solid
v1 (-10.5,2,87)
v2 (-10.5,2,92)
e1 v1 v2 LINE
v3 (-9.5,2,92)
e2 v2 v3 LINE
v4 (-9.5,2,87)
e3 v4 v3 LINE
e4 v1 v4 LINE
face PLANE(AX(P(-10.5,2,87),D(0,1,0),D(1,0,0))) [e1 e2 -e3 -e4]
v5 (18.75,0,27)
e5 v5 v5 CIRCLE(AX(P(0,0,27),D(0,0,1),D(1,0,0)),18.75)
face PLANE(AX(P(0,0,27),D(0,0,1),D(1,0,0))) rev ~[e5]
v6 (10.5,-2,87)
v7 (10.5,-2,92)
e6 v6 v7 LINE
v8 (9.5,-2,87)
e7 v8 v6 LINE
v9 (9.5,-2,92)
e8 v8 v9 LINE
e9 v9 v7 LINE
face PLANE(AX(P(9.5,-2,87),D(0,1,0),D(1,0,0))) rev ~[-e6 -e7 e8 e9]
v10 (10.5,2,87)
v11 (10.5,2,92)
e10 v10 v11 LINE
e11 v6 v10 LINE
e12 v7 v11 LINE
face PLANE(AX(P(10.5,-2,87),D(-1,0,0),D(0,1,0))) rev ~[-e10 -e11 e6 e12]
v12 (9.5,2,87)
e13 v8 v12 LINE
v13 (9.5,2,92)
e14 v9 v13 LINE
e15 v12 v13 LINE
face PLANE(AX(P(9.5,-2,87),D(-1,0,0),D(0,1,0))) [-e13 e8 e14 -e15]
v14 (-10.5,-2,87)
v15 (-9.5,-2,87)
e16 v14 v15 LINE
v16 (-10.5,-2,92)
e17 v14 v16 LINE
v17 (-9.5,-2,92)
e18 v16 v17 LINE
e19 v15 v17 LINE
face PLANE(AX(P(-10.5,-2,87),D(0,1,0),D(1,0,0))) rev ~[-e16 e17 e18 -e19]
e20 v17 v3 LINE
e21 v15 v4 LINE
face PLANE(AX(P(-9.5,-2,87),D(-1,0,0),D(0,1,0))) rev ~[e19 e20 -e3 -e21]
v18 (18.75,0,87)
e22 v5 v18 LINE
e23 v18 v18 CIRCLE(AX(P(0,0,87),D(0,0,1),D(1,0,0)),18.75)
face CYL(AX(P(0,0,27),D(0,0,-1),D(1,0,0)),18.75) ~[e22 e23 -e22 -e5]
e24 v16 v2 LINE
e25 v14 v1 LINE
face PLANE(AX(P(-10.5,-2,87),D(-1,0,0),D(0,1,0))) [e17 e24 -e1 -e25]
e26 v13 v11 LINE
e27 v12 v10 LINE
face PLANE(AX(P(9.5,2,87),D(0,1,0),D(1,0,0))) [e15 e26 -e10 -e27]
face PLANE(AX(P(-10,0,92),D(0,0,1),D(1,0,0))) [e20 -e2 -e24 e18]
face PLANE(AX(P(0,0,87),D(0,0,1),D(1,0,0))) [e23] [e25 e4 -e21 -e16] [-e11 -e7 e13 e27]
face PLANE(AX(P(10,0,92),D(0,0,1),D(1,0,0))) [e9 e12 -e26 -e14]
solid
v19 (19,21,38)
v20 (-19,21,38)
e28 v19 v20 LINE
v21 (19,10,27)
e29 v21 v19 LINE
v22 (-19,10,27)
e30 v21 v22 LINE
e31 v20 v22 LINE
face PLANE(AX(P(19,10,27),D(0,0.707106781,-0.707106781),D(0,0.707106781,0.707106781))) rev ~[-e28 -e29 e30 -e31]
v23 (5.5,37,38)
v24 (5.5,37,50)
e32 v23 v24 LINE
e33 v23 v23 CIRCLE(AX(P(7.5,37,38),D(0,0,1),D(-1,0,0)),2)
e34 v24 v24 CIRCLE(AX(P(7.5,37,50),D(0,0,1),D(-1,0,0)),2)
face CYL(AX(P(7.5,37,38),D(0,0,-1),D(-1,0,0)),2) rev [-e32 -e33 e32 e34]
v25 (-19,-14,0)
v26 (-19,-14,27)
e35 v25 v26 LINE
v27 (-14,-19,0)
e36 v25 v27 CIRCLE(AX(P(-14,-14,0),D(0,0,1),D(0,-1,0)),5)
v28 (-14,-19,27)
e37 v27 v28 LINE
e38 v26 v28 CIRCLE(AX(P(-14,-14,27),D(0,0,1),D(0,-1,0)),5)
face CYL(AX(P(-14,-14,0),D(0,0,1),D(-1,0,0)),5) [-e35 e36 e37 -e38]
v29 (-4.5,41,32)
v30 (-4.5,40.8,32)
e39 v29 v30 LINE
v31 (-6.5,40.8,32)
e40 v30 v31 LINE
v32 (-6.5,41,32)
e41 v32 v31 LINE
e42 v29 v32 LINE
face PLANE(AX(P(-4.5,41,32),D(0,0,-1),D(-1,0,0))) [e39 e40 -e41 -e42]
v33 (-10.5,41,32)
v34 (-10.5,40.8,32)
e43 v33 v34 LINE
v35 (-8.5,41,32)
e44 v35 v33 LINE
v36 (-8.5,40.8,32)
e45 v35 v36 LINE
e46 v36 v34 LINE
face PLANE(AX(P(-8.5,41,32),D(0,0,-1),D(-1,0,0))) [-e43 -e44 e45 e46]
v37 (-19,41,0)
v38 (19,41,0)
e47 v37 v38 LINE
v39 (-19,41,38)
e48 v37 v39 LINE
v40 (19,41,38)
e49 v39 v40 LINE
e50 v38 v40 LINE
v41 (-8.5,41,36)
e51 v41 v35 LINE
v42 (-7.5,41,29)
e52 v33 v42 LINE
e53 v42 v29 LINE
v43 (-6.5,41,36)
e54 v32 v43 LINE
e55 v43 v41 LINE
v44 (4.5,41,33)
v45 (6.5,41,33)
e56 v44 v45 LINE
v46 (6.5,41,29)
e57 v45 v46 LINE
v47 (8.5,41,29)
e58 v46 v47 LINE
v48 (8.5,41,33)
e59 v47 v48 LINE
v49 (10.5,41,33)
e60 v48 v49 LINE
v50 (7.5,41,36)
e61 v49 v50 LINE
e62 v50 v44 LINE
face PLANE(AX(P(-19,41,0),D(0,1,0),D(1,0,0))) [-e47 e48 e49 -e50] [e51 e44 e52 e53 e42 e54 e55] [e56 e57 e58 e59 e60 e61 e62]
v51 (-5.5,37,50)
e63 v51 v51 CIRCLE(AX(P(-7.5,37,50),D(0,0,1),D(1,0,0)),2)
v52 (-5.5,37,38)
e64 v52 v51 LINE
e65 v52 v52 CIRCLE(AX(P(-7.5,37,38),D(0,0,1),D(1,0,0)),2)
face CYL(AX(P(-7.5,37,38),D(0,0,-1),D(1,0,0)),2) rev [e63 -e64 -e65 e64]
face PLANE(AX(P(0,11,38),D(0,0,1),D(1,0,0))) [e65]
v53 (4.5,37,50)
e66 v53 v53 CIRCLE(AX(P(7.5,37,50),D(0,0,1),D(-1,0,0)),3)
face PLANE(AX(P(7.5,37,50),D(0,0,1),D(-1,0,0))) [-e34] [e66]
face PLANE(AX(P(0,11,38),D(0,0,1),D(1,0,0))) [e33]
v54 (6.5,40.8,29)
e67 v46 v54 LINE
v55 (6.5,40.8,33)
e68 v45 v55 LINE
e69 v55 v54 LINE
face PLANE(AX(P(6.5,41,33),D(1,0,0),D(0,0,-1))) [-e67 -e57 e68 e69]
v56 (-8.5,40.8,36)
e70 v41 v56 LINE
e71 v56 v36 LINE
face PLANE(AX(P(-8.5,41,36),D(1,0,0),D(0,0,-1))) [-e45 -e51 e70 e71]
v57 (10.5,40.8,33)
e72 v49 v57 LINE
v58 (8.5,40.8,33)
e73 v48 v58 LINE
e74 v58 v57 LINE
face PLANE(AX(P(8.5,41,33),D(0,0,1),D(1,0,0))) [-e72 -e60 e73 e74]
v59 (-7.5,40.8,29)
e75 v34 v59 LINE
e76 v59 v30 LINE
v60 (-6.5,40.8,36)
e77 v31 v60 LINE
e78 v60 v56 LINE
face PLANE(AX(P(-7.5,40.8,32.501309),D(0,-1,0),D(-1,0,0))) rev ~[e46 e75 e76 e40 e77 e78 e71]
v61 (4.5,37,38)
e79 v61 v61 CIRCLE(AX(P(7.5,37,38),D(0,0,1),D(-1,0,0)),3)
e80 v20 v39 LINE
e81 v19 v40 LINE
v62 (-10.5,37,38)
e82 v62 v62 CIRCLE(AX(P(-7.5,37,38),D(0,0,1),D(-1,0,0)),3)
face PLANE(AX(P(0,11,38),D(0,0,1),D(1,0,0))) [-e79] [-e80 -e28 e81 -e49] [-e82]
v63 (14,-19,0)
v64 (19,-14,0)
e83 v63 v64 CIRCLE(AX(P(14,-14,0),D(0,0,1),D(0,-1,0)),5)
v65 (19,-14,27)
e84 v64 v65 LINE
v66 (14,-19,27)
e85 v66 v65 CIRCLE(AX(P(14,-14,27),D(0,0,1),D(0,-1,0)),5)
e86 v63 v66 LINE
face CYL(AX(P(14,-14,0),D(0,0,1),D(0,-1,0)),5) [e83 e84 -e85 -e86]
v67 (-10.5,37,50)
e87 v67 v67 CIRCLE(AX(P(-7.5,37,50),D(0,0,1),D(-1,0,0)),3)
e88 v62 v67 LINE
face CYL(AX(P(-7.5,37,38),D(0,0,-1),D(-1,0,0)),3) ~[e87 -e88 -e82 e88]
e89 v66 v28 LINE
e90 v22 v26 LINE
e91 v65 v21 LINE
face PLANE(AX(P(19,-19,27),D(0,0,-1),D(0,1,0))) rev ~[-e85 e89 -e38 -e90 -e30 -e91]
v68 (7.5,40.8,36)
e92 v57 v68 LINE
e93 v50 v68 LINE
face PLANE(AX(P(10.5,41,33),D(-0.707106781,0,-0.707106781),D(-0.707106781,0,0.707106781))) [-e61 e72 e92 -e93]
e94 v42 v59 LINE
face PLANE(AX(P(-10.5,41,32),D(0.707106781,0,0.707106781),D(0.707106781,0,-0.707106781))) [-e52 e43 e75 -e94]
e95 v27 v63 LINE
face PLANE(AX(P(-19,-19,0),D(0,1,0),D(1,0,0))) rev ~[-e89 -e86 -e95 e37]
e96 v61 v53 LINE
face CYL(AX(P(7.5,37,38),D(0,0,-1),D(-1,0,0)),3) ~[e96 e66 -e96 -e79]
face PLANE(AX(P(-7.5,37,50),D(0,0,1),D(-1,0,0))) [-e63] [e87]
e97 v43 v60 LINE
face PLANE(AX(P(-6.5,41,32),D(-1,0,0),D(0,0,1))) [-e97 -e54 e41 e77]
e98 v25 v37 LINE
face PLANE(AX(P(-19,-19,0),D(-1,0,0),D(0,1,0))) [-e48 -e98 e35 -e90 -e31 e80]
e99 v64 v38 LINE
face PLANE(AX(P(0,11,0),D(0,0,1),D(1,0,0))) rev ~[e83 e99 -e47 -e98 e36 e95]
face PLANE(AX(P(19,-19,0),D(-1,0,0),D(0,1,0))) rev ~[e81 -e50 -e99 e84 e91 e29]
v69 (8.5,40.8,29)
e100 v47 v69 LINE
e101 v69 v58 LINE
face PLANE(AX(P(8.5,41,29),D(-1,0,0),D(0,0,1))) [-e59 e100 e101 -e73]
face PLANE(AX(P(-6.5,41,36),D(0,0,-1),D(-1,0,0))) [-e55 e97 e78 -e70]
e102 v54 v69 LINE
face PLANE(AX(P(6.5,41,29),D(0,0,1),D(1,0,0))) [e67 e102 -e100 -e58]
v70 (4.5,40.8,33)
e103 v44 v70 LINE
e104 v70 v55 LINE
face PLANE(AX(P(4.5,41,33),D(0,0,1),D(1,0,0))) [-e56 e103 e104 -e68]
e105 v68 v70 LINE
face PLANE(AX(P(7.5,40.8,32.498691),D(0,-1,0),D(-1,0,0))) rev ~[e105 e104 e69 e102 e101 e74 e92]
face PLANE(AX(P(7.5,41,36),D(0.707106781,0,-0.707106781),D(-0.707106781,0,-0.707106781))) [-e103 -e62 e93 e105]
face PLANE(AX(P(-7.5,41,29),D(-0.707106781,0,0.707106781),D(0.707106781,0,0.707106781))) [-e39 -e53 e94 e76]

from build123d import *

# Parameters (mm, degrees)
SKETCH1_W      = 38
SKETCH1_H      = 60
EXTRUDE1_DEPTH = 38
EXTRUDE2_DEPTH = 68.594378464
FILLET1_R      = 5
SKETCH3_R      = 18.75
EXTRUDE3_DEPTH = 60
SKETCH4_R      = 3
SKETCH4_R_2    = 2
EXTRUDE4_DEPTH = 12
EXTRUDE5_DEPTH = 0.2
SKETCH6_W      = 1
SKETCH6_H      = 4
EXTRUDE6_DEPTH = 5


with BuildPart() as part:
    # Sketch1 → Extrude1 (new body)
    with BuildSketch(Plane.XY):
        with Locations((0, 11)):
            Rectangle(SKETCH1_W, SKETCH1_H)
    extrude(amount=EXTRUDE1_DEPTH)

    # Sketch2 → Extrude2 (cut, through all)
    with BuildSketch(Plane(origin=(19, 0, 0), x_dir=(0, 0, -1), z_dir=(1, 0, 0))):
        Polygon((-38, -19), (-27, -19), (-27, 10), (-38, 21), align=None)
    extrude(amount=-EXTRUDE2_DEPTH, mode=Mode.SUBTRACT)

    # Fillet1
    fillet1_edges = [part.edges().sort_by_distance(p)[0] for p in [
        (-19, -19, 13.5),
        (19, -19, 13.5),
    ]]
    fillet(fillet1_edges, radius=FILLET1_R)

    # Sketch4 → Extrude4 (add)
    # profile 1 of 2: a face of its own
    with BuildSketch(Plane.XY.offset(38)):
        with Locations(Location((-7.5, 37, 0), (0, 0, 180))):
            Circle(SKETCH4_R)
        with Locations((-7.5, 37)):
            Circle(SKETCH4_R_2, mode=Mode.SUBTRACT)
    # profile 2 of 2: a face of its own
    with BuildSketch(Plane.XY.offset(38)):
        with Locations(Location((7.5, 37, 0), (0, 0, 180))):
            Circle(SKETCH4_R)
        with Locations(Location((7.5, 37, 0), (0, 0, 180))):
            Circle(SKETCH4_R_2, mode=Mode.SUBTRACT)
    extrude(amount=EXTRUDE4_DEPTH)

    # Sketch5 → Extrude5 (cut)
    with BuildSketch(Plane(origin=(0, 41, 0), x_dir=(1, 0, 0), z_dir=(0, 1, 0))):
        Polygon((-8.5, -36), (-8.5, -32), (-10.5, -32), (-7.5, -29), (-4.5, -32), (-6.5, -32), (-6.5, -36), align=None)
        Polygon((6.5, -29), (8.5, -29), (8.5, -33), (10.5, -33), (7.5, -36), (4.5, -33), (6.5, -33), align=None)
    extrude(amount=-EXTRUDE5_DEPTH, mode=Mode.SUBTRACT)


with BuildPart() as body_2:
    # Sketch3 → Extrude3 (new body)
    with BuildSketch(Plane.XY.offset(27)):
        Circle(SKETCH3_R)
    extrude(amount=EXTRUDE3_DEPTH)

    # Sketch6 → Extrude6 (add)
    with BuildSketch(Plane.XY.offset(87)):
        with Locations((-10, 0)):
            Rectangle(SKETCH6_W, SKETCH6_H)
        with Locations((10, 0)):
            Rectangle(SKETCH6_W, SKETCH6_H)
    extrude(amount=EXTRUDE6_DEPTH)


solid = Compound([part.part, body_2.part])
